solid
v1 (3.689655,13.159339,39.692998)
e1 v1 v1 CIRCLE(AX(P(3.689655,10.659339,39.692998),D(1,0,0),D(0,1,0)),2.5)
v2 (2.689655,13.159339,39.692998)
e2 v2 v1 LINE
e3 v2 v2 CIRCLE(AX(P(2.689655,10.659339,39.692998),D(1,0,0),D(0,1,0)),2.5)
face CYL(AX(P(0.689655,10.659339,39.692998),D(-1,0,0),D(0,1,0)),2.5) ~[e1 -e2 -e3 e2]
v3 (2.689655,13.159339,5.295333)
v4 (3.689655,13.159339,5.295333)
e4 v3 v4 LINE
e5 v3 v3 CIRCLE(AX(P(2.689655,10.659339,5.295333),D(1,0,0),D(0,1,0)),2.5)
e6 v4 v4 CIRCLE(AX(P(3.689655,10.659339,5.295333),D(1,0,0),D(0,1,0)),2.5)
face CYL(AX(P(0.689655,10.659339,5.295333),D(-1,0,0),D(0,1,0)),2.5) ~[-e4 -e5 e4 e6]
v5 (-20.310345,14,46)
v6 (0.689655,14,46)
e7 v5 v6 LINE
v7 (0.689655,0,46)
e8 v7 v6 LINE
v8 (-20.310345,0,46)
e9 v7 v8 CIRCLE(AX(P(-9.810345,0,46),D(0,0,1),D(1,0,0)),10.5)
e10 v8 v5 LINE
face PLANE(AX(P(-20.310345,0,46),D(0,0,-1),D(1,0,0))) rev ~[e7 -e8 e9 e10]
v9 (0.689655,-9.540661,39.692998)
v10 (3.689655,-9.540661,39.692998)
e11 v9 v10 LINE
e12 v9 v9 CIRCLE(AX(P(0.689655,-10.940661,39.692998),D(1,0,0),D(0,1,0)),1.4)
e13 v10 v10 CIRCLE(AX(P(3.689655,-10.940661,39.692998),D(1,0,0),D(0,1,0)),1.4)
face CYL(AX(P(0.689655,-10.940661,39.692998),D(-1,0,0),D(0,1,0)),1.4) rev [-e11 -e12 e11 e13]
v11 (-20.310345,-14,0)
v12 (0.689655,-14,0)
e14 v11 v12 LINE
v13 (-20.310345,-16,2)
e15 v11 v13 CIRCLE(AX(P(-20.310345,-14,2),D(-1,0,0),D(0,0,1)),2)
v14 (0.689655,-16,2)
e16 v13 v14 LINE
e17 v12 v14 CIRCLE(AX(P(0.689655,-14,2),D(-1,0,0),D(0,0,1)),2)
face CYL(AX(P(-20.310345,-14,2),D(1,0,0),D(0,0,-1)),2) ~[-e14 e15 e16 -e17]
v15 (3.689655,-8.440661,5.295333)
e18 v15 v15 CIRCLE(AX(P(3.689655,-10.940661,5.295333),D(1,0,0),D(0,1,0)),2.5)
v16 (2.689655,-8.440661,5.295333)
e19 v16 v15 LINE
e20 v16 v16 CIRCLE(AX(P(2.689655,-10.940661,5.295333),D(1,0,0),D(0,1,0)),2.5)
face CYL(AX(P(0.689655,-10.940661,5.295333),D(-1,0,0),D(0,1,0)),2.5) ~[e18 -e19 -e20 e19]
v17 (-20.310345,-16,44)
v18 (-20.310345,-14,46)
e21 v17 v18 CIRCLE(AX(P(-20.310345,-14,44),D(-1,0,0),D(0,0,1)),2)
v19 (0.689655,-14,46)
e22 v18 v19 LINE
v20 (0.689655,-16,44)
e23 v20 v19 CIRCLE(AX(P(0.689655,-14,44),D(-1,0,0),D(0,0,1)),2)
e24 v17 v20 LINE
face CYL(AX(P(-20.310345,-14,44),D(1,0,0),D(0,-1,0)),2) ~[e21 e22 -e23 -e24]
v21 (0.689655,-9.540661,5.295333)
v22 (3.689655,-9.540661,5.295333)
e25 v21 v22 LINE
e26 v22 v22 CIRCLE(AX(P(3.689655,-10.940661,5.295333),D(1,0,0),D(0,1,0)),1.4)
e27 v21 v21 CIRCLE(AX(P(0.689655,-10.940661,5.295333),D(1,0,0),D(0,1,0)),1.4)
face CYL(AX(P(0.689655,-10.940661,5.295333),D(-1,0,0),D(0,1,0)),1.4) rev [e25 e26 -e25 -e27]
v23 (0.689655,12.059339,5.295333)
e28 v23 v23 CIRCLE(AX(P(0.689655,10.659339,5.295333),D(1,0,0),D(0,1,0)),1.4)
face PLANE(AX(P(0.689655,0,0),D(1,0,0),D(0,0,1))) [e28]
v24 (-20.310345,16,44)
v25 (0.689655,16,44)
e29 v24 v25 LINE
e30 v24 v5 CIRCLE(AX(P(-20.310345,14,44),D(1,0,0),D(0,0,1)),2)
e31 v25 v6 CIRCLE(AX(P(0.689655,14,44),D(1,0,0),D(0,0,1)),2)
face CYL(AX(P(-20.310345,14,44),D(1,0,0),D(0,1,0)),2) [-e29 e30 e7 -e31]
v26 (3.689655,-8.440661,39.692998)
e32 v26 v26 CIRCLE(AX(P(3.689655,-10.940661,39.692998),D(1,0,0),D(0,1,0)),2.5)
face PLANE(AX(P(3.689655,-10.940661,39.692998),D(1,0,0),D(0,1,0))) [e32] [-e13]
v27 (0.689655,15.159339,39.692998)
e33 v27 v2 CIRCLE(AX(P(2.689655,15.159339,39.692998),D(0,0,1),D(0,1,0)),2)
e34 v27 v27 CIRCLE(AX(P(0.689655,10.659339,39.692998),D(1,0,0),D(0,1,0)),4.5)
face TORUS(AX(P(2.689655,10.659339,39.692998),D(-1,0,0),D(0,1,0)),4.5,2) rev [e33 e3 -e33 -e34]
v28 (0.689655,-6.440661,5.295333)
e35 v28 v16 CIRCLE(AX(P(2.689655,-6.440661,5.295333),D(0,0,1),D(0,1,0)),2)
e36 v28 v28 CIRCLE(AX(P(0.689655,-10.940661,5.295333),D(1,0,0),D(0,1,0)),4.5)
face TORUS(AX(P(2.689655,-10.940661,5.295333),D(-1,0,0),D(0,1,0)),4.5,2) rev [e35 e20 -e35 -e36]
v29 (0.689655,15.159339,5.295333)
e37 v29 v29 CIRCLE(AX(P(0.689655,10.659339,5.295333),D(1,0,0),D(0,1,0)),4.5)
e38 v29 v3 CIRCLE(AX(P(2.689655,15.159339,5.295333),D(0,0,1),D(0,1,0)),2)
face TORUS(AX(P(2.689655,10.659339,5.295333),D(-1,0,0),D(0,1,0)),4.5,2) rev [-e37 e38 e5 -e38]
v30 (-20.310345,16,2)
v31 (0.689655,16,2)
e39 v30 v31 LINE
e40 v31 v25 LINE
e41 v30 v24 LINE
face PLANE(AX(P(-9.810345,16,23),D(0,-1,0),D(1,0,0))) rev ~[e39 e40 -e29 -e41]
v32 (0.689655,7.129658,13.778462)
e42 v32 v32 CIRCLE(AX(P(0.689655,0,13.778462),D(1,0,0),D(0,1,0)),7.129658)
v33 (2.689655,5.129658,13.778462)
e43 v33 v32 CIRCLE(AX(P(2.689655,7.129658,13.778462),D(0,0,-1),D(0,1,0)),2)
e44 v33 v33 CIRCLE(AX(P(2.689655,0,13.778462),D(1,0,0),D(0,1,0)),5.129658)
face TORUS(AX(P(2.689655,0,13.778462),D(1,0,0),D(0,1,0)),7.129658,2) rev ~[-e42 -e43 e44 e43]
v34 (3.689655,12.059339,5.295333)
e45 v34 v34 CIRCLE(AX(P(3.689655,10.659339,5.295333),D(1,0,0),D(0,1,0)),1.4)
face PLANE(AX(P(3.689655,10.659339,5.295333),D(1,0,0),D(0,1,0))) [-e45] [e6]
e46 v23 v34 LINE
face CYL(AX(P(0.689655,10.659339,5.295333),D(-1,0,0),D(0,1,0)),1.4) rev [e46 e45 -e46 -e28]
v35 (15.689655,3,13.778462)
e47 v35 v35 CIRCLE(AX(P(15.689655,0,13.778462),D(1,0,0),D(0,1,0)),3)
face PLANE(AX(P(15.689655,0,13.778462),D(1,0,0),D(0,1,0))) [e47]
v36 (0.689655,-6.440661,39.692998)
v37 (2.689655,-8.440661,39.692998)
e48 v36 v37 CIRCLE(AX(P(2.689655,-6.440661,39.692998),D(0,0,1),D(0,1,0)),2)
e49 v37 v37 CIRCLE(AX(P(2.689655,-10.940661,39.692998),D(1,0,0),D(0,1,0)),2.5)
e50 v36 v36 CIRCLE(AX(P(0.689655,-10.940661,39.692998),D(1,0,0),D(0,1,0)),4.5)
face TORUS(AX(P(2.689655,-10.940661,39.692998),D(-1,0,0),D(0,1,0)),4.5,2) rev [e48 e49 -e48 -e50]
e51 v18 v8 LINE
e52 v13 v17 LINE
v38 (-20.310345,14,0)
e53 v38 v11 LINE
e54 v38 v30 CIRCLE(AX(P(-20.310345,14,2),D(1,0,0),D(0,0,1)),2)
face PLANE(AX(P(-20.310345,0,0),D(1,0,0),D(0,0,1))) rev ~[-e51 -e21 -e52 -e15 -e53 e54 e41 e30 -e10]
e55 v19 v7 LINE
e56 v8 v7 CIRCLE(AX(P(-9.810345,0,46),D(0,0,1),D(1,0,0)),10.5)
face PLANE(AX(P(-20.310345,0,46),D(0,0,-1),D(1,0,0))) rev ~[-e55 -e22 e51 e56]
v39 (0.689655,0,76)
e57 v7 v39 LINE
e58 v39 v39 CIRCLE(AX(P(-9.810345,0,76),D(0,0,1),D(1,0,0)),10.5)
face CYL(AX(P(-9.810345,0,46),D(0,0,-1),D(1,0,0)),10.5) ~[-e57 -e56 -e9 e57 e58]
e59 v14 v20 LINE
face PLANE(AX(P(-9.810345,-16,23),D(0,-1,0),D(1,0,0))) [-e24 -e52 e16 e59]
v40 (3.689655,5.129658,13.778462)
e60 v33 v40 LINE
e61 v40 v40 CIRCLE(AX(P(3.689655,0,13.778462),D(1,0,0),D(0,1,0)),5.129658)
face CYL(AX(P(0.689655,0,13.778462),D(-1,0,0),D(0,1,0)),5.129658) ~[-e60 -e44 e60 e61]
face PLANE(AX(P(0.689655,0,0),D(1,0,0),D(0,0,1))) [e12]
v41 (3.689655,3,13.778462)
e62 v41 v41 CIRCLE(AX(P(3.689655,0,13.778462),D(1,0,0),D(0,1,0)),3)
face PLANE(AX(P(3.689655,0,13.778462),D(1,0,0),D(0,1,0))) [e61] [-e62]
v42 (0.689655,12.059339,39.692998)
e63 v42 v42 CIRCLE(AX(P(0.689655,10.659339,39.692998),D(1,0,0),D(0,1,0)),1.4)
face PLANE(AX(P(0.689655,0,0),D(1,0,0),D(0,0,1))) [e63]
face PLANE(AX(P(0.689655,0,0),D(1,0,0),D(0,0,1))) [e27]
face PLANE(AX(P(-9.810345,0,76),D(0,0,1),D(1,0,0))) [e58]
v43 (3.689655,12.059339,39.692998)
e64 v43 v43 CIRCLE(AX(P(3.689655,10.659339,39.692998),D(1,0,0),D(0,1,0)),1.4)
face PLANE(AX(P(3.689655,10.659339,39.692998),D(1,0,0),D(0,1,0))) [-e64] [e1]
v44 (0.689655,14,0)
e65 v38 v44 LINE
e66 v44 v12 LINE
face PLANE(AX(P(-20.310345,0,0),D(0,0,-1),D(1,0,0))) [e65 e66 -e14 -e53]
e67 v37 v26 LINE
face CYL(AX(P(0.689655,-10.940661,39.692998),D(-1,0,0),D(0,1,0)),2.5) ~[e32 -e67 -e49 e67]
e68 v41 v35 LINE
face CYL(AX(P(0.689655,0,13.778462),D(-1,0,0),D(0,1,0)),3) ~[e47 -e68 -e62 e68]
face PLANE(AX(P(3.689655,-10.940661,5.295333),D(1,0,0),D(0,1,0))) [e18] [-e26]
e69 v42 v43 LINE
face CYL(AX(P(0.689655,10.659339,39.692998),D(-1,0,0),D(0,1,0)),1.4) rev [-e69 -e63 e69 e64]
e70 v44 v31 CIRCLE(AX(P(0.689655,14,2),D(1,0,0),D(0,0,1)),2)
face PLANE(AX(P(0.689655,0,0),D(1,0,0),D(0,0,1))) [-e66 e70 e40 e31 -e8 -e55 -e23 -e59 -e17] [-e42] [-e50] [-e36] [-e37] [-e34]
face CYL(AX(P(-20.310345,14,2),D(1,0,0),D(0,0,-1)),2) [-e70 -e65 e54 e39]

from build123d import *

# Parameters (mm, degrees)
F0_W     = 21
F0_H     = 46
F1_DEPTH = 16
F2_R     = 3
F3_DEPTH = 15
F2_R_2   = 2.5
F2_R_3   = 1.4
F2_R_4   = 5.129658
F4_DEPTH = 3
F5_R     = 2
F7_DEPTH = 30


with BuildPart() as f1:
    # F0 (on Front) → F1 (new body, symmetric)
    with BuildSketch(Plane.XZ):
        with Locations((-9.810345, 23)):
            Rectangle(F0_W, F0_H)
    extrude(amount=F1_DEPTH, both=True)

    # F2 (on face) → F3 (join)
    with BuildSketch(Plane.YZ.offset(0.689655)):
        with Locations((0, 13.778462)):
            Circle(F2_R)
    extrude(amount=F3_DEPTH)

    # F2 (on face) → F4 (join)
    with BuildSketch(Plane.YZ.offset(0.689655)):
        with Locations((-10.940661, 39.692998)):
            Circle(F2_R_2)
        with Locations((-10.940661, 39.692998)):
            Circle(F2_R_3, mode=Mode.SUBTRACT)
        with Locations((-10.940661, 5.295333)):
            Circle(F2_R_2)
        with Locations((-10.940661, 5.295333)):
            Circle(F2_R_3, mode=Mode.SUBTRACT)
        with Locations((10.659339, 5.295333)):
            Circle(F2_R_2)
        with Locations((10.659339, 5.295333)):
            Circle(F2_R_3, mode=Mode.SUBTRACT)
        with Locations((10.659339, 39.692998)):
            Circle(F2_R_2)
        with Locations((10.659339, 39.692998)):
            Circle(F2_R_3, mode=Mode.SUBTRACT)
        with Locations((0, 13.778462)):
            Circle(F2_R_4)
        with Locations((0, 13.778462)):
            Circle(F2_R, mode=Mode.SUBTRACT)
    extrude(amount=F4_DEPTH)

    # F5
    f5_edges = [f1.edges().sort_by_distance(p)[0] for p in [
        (0.689655, -13.440661, 39.692998),
        (0.689655, -13.440661, 5.295333),
        (0.689655, -5.129658, 13.778462),
        (0.689655, 8.159339, 5.295333),
        (0.689655, 8.159339, 39.692998),
        (-9.810345, -16, 46),
        (-9.810345, -16, 0),
        (-9.810345, 16, 0),
        (-9.810345, 16, 46),
    ]]
    fillet(f5_edges, radius=F5_R)

    # F6 (on face) → F7 (join)
    with BuildSketch(Plane.XY.offset(46)):
        with BuildLine():
            ThreePointArc((-20.310345, 0), (-9.810345, -10.5), (0.689655, 0))
            ThreePointArc((0.689655, 0), (-9.810345, 10.5), (-20.310345, 0))
        make_face()
    extrude(amount=F7_DEPTH)


solid = f1.part
